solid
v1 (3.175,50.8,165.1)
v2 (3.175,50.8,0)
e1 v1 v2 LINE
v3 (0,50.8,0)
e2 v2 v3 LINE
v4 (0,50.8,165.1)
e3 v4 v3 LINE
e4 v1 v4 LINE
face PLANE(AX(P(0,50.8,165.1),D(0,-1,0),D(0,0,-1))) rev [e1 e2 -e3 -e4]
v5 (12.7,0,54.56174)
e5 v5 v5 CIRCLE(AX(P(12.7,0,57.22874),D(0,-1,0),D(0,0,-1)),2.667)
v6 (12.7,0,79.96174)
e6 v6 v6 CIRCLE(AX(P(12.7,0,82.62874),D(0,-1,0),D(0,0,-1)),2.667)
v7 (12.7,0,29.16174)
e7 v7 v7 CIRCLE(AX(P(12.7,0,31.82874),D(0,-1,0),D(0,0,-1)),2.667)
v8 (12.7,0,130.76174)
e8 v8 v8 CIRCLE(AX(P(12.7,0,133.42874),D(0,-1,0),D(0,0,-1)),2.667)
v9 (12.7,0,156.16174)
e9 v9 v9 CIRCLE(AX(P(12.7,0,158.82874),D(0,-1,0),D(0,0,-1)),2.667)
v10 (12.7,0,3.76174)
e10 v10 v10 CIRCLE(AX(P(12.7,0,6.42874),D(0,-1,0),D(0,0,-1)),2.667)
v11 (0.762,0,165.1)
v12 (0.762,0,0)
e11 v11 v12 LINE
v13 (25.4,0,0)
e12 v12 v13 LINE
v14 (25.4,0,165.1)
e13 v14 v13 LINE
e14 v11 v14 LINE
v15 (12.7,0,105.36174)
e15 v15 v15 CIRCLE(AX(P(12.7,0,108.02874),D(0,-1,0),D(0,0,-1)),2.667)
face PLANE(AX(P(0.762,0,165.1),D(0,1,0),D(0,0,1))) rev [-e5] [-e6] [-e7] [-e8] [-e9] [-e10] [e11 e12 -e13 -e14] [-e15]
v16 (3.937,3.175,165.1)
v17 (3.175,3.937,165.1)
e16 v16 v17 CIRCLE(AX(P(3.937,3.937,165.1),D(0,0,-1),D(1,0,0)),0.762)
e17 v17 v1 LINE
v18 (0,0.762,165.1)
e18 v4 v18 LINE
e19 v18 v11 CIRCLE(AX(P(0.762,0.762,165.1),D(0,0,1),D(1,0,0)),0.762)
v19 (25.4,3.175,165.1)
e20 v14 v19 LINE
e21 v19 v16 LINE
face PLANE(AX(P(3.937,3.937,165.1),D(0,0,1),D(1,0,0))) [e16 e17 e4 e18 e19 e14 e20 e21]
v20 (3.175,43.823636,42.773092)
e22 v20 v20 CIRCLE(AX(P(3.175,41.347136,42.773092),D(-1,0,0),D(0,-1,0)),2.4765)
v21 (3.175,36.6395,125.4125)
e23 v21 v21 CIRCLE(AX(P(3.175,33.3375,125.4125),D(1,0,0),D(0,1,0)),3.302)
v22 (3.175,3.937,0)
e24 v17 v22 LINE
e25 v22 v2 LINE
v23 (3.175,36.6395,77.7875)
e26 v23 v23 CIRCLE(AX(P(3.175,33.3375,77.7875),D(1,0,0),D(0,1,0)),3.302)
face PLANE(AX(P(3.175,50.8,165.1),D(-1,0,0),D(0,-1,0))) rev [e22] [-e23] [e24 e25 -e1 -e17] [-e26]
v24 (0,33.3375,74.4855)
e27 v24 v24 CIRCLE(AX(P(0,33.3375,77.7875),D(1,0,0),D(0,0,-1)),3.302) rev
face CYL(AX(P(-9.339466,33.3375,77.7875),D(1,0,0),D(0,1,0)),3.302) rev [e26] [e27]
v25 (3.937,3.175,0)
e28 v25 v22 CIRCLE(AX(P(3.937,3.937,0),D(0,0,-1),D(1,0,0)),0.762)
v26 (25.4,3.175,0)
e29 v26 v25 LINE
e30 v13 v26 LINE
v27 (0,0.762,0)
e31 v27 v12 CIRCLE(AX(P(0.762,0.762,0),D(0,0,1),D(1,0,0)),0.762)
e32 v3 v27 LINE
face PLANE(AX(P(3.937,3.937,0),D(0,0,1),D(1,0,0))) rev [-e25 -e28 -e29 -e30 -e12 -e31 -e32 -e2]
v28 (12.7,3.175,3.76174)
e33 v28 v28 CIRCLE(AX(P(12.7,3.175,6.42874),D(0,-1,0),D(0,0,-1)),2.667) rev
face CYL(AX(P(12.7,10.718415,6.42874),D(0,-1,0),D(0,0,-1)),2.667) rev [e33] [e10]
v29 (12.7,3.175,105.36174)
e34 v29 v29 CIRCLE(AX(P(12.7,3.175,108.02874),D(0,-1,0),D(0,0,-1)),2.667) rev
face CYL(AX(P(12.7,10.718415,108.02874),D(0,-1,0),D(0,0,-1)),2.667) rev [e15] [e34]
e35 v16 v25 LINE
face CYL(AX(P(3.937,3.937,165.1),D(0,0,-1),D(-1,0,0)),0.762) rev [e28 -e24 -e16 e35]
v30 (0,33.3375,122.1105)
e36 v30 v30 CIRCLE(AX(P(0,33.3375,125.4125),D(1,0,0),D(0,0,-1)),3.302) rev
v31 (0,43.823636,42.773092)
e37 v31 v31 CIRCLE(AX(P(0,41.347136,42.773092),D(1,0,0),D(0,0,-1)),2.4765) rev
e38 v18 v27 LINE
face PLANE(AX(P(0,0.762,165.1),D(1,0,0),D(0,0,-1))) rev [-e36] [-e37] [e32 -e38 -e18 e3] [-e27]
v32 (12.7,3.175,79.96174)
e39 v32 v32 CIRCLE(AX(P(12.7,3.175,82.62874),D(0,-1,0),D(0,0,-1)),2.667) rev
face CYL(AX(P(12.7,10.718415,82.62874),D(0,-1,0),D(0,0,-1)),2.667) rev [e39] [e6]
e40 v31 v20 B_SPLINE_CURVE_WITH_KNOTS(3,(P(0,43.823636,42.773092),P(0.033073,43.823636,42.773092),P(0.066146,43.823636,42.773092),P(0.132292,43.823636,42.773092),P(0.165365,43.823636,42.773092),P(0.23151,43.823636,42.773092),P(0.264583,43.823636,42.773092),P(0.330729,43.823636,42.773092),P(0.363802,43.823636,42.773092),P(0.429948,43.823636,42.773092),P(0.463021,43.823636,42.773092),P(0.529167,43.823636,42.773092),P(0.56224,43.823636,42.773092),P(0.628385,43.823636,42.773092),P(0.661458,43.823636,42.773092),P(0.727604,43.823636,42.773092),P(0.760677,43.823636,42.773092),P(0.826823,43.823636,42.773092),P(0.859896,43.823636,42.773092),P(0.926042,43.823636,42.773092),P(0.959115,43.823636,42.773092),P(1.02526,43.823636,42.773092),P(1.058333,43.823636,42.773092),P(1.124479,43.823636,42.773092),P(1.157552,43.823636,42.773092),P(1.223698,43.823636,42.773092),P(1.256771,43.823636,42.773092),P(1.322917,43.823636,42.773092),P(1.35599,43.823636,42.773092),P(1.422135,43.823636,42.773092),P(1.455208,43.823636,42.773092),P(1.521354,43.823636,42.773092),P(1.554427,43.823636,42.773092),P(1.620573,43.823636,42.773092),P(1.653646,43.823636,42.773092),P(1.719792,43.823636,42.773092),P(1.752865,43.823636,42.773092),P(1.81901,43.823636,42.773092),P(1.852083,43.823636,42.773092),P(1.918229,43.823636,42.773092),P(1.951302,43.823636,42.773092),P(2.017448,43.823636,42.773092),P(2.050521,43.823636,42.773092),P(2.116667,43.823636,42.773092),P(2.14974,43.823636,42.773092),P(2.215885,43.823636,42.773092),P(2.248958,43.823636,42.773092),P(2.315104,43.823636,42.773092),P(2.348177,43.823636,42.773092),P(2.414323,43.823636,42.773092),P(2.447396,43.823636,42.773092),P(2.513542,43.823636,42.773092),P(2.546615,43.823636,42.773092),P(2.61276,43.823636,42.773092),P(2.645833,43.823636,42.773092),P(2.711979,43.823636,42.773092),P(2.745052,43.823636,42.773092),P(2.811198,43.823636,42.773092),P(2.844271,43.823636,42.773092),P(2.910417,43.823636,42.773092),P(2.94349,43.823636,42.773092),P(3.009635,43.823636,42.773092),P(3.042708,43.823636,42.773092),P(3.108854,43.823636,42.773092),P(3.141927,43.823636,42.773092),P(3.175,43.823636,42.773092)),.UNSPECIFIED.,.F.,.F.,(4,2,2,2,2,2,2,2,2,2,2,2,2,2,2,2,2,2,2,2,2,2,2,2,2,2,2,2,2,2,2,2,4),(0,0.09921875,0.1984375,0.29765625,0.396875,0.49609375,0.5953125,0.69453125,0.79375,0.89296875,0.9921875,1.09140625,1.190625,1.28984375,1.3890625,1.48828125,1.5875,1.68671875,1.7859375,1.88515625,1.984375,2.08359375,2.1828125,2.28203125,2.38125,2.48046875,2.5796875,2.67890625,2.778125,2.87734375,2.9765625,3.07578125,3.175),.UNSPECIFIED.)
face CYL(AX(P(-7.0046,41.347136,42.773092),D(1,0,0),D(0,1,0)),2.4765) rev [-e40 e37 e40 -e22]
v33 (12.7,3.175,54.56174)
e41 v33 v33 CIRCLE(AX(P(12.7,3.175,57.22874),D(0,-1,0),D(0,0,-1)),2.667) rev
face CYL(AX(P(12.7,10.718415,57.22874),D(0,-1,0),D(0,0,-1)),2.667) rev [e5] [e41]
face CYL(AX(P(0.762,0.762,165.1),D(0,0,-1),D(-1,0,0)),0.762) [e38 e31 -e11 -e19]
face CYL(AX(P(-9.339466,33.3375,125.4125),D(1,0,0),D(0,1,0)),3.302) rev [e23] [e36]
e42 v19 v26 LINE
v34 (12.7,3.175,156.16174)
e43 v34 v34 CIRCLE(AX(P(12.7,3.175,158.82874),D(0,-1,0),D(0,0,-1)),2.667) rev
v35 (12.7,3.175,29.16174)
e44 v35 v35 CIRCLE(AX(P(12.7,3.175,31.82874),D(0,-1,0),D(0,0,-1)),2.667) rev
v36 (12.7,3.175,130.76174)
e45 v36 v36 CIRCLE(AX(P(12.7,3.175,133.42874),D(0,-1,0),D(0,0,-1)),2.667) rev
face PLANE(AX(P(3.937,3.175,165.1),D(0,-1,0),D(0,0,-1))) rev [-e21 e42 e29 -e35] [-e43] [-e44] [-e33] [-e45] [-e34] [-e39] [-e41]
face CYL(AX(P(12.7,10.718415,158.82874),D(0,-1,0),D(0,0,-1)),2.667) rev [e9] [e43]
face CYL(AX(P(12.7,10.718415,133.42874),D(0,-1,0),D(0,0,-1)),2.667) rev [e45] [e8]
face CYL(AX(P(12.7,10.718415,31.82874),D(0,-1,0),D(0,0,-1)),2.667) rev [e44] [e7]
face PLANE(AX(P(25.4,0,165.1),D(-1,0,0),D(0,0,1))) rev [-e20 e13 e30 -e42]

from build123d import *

# Parameters (mm, degrees)
BOSS_EXTRUDE1_DEPTH = 165.1
SKETCH3_R           = 2.667
CUT_EXTRUDE2_DEPTH  = 3.175
SKETCH4_R           = 3.302
CUT_EXTRUDE3_DEPTH  = 3.175
SKETCH5_R           = 2.4765
CUT_EXTRUDE4_DEPTH  = 6.35


with BuildPart() as part:
    # Sketch1 → Boss-Extrude1 (new body)
    with BuildSketch(Plane.XY):
        with BuildLine():
            Line((3.175, 50.8), (3.175, 3.937))
            ThreePointArc((3.175, 3.937), (3.398184633, 3.398184633), (3.937, 3.175))
            Line((3.937, 3.175), (25.4, 3.175))
            Line((25.4, 3.175), (25.4, 0))
            Line((25.4, 0), (0.762, 0))
            ThreePointArc((0.762, 0), (0.223184633, 0.223184633), (0, 0.762))
            Line((0, 0.762), (0, 50.8))
            Line((0, 50.8), (3.175, 50.8))
        make_face()
    extrude(amount=BOSS_EXTRUDE1_DEPTH)

    # Sketch3 → Cut-Extrude2 (cut)
    with BuildSketch(Plane.XZ):
        with Locations(Location((12.7, 6.42874, 0), (0, 0, 270))):
            Circle(SKETCH3_R)
        with Locations(Location((12.7, 31.82874, 0), (0, 0, 270))):
            Circle(SKETCH3_R)
        with Locations(Location((12.7, 57.22874, 0), (0, 0, 270))):
            Circle(SKETCH3_R)
        with Locations(Location((12.7, 82.62874, 0), (0, 0, 270))):
            Circle(SKETCH3_R)
        with Locations(Location((12.7, 108.02874, 0), (0, 0, 270))):
            Circle(SKETCH3_R)
        with Locations(Location((12.7, 133.42874, 0), (0, 0, 270))):
            Circle(SKETCH3_R)
        with Locations(Location((12.7, 158.82874, 0), (0, 0, 270))):
            Circle(SKETCH3_R)
    extrude(amount=-CUT_EXTRUDE2_DEPTH, mode=Mode.SUBTRACT)

    # Sketch4 → Cut-Extrude3 (cut)
    with BuildSketch(Plane(origin=(3.175, 0, 0), x_dir=(0, 0, -1), z_dir=(1, 0, 0))):
        with Locations(Location((-77.7875, 33.3375, 0), (0, 0, 90))):
            Circle(SKETCH4_R)
        with Locations(Location((-125.4125, 33.3375, 0), (0, 0, 90))):
            Circle(SKETCH4_R)
    extrude(amount=-CUT_EXTRUDE3_DEPTH, mode=Mode.SUBTRACT)

    # Sketch5 → Cut-Extrude4 (cut)
    with BuildSketch(Plane(origin=(6.35, 0, 0), x_dir=(0, 0, -1), z_dir=(1, 0, 0))):
        with Locations(Location((-42.773092, 41.347136, 0), (0, 0, 90))):
            Circle(SKETCH5_R)
    extrude(amount=-CUT_EXTRUDE4_DEPTH, mode=Mode.SUBTRACT)


solid = part.part
